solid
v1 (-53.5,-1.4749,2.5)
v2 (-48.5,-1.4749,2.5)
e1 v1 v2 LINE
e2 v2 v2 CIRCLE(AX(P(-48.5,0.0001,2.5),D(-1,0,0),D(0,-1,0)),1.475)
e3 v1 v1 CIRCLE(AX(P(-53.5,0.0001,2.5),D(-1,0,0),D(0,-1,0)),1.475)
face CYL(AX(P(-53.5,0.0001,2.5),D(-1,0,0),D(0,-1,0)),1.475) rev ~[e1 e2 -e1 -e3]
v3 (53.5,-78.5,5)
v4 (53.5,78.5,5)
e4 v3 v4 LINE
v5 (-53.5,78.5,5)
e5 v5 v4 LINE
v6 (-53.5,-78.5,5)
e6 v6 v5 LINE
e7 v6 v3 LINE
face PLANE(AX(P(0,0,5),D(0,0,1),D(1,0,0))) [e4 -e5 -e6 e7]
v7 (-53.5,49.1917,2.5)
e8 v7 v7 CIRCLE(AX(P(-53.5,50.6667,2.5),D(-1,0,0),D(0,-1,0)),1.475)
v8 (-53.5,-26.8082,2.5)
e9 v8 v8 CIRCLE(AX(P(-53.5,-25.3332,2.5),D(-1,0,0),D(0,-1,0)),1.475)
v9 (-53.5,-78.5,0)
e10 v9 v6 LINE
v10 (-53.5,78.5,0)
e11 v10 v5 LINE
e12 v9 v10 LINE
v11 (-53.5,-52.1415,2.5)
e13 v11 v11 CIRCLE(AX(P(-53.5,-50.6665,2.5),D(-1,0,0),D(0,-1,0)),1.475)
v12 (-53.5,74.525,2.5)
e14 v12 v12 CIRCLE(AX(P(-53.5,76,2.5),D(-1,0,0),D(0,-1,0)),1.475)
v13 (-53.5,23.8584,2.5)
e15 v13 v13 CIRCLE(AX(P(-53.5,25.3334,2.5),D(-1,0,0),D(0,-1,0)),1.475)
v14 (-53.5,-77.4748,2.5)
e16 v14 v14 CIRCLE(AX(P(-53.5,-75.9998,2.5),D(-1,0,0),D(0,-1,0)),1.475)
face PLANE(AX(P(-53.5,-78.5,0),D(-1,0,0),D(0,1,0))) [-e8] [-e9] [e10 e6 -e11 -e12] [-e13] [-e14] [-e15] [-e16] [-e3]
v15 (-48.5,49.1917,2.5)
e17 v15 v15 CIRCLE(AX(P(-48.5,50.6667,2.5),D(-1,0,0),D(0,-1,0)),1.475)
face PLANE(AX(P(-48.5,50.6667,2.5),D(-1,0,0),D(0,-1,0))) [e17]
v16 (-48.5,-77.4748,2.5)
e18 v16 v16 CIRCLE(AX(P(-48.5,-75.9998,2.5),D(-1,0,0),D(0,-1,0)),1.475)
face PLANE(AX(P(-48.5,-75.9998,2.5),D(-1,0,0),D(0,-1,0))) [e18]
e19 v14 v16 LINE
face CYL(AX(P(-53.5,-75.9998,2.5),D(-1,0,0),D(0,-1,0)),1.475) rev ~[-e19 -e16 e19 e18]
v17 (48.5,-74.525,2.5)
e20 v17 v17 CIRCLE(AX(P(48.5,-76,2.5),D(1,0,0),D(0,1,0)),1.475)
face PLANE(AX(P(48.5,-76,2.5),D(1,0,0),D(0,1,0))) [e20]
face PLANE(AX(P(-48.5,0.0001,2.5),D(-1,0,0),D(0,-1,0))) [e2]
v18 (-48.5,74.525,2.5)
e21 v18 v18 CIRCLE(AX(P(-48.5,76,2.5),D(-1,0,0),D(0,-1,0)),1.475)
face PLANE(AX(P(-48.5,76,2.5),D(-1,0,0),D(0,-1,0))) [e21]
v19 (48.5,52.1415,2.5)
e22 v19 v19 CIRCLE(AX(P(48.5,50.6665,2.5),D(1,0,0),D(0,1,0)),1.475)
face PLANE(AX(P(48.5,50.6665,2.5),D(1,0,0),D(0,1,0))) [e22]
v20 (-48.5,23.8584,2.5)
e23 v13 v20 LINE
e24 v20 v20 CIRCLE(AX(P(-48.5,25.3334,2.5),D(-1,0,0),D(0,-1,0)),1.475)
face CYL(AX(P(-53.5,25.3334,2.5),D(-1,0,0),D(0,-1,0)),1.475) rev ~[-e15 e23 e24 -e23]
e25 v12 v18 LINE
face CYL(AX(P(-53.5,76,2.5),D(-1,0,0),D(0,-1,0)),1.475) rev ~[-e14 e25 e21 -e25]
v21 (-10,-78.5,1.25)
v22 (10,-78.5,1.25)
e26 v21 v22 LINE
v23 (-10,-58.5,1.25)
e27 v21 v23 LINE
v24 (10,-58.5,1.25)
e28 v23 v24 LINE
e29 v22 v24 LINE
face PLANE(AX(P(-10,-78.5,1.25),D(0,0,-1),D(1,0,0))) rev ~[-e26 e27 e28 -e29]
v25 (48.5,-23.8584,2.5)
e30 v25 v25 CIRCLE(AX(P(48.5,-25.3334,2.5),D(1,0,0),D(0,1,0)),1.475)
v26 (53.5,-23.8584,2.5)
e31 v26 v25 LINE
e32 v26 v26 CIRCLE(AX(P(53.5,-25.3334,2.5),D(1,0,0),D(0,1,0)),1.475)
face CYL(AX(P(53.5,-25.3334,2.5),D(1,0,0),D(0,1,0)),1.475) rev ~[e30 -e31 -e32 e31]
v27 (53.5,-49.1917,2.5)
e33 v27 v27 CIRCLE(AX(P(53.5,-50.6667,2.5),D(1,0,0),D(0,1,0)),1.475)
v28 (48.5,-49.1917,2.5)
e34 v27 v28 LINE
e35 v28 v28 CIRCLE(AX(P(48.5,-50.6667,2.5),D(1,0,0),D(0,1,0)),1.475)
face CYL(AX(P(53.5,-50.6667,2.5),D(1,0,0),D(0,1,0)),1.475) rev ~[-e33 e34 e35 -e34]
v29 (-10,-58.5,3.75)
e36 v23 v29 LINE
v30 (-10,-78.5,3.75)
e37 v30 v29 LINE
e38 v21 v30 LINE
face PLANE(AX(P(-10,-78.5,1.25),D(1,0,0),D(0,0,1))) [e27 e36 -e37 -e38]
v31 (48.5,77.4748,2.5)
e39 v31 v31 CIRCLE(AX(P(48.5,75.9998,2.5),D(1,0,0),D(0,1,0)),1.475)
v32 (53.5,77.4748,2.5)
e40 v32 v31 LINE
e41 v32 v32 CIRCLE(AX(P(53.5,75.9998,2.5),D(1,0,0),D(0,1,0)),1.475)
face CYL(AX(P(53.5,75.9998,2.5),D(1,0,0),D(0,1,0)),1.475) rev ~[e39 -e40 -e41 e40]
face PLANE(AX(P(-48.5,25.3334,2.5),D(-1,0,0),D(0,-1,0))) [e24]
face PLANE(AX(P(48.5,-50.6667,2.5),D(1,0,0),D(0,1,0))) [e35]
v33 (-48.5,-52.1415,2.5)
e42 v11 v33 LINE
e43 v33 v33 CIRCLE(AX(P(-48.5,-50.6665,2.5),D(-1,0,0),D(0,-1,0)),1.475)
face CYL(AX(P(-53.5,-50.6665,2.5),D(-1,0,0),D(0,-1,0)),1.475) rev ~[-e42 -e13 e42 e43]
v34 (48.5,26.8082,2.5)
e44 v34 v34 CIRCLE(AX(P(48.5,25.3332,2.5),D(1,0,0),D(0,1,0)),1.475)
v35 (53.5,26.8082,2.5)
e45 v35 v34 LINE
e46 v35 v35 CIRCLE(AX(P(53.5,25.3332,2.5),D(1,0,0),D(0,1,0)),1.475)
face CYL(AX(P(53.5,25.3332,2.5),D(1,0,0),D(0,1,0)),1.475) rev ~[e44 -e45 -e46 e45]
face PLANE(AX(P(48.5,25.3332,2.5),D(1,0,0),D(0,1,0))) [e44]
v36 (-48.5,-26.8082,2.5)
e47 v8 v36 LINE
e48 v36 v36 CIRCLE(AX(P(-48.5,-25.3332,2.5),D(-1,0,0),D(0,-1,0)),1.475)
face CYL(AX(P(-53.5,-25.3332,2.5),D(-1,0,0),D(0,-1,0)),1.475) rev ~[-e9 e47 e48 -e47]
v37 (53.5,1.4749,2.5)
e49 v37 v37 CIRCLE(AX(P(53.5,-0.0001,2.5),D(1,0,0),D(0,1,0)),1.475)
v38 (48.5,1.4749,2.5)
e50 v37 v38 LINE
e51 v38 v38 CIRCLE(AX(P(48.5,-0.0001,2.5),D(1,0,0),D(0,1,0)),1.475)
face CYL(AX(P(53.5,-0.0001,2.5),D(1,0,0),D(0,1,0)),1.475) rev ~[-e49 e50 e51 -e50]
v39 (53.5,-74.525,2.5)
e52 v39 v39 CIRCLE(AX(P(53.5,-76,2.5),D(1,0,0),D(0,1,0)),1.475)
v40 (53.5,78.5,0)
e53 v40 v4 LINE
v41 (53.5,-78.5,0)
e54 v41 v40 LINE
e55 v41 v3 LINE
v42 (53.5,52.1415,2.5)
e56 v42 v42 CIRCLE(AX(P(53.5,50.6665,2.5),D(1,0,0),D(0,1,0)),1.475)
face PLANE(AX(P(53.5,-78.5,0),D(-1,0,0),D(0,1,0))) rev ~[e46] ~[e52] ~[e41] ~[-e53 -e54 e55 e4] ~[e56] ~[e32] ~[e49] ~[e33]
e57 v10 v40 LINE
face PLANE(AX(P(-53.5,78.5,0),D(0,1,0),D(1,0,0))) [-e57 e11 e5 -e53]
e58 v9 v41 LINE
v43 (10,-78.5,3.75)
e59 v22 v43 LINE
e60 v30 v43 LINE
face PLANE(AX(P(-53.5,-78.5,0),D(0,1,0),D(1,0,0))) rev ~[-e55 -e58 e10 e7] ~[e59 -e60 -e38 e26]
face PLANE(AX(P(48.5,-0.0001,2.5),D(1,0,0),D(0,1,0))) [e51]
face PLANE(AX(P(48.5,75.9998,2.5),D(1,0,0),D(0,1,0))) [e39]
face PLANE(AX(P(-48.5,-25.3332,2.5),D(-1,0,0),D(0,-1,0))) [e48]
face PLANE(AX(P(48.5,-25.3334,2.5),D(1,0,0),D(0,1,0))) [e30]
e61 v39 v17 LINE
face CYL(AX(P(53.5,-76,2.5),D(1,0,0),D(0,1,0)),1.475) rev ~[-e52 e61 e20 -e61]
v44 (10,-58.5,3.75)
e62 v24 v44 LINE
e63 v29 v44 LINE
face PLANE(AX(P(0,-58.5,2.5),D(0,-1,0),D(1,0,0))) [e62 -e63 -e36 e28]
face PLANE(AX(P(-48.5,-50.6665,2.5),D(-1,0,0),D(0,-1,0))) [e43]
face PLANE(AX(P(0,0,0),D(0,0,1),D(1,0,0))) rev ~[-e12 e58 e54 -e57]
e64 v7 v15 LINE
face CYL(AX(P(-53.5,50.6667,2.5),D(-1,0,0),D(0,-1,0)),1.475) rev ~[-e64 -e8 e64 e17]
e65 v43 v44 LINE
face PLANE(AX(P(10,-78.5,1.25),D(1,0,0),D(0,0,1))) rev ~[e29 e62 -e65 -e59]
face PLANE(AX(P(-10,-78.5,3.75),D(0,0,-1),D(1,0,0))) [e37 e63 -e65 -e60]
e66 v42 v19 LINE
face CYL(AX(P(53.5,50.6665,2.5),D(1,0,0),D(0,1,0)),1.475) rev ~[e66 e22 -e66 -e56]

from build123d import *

# Parameters (mm, degrees)
F0_W     = 107
F0_H     = 157
F1_DEPTH = 5
F2_R     = 1.475
F3_DEPTH = 5
F4_R     = 1.475
F5_DEPTH = 5
F6_W     = 20
F6_H     = 2.5
F7_DEPTH = 20


with BuildPart() as f1:
    # F0 (on Top) → F1 (new body)
    with BuildSketch(Plane.XY):
        Rectangle(F0_W, F0_H)
    extrude(amount=F1_DEPTH)

    # F2 (on face) → F3 (cut)
    with BuildSketch(Plane.YZ.offset(53.5)):
        with Locations((-76, 2.5)):
            Circle(F2_R)
        with Locations((-50.6667, 2.5)):
            Circle(F2_R)
        with Locations((-25.3334, 2.5)):
            Circle(F2_R)
        with Locations((-0.0001, 2.5)):
            Circle(F2_R)
        with Locations((25.3332, 2.5)):
            Circle(F2_R)
        with Locations((50.6665, 2.5)):
            Circle(F2_R)
        with Locations((75.9998, 2.5)):
            Circle(F2_R)
    extrude(amount=-F3_DEPTH, mode=Mode.SUBTRACT)

    # F4 (on face) → F5 (cut)
    with BuildSketch(Plane(origin=(-53.5, 0, 0), x_dir=(0, -1, 0), z_dir=(-1, 0, 0))):
        with Locations((-76, 2.5)):
            Circle(F4_R)
        with Locations((-50.6667, 2.5)):
            Circle(F4_R)
        with Locations((-25.3334, 2.5)):
            Circle(F4_R)
        with Locations((-0.0001, 2.5)):
            Circle(F4_R)
        with Locations((25.3332, 2.5)):
            Circle(F4_R)
        with Locations((50.6665, 2.5)):
            Circle(F4_R)
        with Locations((75.9998, 2.5)):
            Circle(F4_R)
    extrude(amount=-F5_DEPTH, mode=Mode.SUBTRACT)

    # F6 (on face) → F7 (cut)
    with BuildSketch(Plane.XZ.offset(78.5)):
        with Locations((0, 2.5)):
            Rectangle(F6_W, F6_H)
    extrude(amount=-F7_DEPTH, mode=Mode.SUBTRACT)


solid = f1.part
